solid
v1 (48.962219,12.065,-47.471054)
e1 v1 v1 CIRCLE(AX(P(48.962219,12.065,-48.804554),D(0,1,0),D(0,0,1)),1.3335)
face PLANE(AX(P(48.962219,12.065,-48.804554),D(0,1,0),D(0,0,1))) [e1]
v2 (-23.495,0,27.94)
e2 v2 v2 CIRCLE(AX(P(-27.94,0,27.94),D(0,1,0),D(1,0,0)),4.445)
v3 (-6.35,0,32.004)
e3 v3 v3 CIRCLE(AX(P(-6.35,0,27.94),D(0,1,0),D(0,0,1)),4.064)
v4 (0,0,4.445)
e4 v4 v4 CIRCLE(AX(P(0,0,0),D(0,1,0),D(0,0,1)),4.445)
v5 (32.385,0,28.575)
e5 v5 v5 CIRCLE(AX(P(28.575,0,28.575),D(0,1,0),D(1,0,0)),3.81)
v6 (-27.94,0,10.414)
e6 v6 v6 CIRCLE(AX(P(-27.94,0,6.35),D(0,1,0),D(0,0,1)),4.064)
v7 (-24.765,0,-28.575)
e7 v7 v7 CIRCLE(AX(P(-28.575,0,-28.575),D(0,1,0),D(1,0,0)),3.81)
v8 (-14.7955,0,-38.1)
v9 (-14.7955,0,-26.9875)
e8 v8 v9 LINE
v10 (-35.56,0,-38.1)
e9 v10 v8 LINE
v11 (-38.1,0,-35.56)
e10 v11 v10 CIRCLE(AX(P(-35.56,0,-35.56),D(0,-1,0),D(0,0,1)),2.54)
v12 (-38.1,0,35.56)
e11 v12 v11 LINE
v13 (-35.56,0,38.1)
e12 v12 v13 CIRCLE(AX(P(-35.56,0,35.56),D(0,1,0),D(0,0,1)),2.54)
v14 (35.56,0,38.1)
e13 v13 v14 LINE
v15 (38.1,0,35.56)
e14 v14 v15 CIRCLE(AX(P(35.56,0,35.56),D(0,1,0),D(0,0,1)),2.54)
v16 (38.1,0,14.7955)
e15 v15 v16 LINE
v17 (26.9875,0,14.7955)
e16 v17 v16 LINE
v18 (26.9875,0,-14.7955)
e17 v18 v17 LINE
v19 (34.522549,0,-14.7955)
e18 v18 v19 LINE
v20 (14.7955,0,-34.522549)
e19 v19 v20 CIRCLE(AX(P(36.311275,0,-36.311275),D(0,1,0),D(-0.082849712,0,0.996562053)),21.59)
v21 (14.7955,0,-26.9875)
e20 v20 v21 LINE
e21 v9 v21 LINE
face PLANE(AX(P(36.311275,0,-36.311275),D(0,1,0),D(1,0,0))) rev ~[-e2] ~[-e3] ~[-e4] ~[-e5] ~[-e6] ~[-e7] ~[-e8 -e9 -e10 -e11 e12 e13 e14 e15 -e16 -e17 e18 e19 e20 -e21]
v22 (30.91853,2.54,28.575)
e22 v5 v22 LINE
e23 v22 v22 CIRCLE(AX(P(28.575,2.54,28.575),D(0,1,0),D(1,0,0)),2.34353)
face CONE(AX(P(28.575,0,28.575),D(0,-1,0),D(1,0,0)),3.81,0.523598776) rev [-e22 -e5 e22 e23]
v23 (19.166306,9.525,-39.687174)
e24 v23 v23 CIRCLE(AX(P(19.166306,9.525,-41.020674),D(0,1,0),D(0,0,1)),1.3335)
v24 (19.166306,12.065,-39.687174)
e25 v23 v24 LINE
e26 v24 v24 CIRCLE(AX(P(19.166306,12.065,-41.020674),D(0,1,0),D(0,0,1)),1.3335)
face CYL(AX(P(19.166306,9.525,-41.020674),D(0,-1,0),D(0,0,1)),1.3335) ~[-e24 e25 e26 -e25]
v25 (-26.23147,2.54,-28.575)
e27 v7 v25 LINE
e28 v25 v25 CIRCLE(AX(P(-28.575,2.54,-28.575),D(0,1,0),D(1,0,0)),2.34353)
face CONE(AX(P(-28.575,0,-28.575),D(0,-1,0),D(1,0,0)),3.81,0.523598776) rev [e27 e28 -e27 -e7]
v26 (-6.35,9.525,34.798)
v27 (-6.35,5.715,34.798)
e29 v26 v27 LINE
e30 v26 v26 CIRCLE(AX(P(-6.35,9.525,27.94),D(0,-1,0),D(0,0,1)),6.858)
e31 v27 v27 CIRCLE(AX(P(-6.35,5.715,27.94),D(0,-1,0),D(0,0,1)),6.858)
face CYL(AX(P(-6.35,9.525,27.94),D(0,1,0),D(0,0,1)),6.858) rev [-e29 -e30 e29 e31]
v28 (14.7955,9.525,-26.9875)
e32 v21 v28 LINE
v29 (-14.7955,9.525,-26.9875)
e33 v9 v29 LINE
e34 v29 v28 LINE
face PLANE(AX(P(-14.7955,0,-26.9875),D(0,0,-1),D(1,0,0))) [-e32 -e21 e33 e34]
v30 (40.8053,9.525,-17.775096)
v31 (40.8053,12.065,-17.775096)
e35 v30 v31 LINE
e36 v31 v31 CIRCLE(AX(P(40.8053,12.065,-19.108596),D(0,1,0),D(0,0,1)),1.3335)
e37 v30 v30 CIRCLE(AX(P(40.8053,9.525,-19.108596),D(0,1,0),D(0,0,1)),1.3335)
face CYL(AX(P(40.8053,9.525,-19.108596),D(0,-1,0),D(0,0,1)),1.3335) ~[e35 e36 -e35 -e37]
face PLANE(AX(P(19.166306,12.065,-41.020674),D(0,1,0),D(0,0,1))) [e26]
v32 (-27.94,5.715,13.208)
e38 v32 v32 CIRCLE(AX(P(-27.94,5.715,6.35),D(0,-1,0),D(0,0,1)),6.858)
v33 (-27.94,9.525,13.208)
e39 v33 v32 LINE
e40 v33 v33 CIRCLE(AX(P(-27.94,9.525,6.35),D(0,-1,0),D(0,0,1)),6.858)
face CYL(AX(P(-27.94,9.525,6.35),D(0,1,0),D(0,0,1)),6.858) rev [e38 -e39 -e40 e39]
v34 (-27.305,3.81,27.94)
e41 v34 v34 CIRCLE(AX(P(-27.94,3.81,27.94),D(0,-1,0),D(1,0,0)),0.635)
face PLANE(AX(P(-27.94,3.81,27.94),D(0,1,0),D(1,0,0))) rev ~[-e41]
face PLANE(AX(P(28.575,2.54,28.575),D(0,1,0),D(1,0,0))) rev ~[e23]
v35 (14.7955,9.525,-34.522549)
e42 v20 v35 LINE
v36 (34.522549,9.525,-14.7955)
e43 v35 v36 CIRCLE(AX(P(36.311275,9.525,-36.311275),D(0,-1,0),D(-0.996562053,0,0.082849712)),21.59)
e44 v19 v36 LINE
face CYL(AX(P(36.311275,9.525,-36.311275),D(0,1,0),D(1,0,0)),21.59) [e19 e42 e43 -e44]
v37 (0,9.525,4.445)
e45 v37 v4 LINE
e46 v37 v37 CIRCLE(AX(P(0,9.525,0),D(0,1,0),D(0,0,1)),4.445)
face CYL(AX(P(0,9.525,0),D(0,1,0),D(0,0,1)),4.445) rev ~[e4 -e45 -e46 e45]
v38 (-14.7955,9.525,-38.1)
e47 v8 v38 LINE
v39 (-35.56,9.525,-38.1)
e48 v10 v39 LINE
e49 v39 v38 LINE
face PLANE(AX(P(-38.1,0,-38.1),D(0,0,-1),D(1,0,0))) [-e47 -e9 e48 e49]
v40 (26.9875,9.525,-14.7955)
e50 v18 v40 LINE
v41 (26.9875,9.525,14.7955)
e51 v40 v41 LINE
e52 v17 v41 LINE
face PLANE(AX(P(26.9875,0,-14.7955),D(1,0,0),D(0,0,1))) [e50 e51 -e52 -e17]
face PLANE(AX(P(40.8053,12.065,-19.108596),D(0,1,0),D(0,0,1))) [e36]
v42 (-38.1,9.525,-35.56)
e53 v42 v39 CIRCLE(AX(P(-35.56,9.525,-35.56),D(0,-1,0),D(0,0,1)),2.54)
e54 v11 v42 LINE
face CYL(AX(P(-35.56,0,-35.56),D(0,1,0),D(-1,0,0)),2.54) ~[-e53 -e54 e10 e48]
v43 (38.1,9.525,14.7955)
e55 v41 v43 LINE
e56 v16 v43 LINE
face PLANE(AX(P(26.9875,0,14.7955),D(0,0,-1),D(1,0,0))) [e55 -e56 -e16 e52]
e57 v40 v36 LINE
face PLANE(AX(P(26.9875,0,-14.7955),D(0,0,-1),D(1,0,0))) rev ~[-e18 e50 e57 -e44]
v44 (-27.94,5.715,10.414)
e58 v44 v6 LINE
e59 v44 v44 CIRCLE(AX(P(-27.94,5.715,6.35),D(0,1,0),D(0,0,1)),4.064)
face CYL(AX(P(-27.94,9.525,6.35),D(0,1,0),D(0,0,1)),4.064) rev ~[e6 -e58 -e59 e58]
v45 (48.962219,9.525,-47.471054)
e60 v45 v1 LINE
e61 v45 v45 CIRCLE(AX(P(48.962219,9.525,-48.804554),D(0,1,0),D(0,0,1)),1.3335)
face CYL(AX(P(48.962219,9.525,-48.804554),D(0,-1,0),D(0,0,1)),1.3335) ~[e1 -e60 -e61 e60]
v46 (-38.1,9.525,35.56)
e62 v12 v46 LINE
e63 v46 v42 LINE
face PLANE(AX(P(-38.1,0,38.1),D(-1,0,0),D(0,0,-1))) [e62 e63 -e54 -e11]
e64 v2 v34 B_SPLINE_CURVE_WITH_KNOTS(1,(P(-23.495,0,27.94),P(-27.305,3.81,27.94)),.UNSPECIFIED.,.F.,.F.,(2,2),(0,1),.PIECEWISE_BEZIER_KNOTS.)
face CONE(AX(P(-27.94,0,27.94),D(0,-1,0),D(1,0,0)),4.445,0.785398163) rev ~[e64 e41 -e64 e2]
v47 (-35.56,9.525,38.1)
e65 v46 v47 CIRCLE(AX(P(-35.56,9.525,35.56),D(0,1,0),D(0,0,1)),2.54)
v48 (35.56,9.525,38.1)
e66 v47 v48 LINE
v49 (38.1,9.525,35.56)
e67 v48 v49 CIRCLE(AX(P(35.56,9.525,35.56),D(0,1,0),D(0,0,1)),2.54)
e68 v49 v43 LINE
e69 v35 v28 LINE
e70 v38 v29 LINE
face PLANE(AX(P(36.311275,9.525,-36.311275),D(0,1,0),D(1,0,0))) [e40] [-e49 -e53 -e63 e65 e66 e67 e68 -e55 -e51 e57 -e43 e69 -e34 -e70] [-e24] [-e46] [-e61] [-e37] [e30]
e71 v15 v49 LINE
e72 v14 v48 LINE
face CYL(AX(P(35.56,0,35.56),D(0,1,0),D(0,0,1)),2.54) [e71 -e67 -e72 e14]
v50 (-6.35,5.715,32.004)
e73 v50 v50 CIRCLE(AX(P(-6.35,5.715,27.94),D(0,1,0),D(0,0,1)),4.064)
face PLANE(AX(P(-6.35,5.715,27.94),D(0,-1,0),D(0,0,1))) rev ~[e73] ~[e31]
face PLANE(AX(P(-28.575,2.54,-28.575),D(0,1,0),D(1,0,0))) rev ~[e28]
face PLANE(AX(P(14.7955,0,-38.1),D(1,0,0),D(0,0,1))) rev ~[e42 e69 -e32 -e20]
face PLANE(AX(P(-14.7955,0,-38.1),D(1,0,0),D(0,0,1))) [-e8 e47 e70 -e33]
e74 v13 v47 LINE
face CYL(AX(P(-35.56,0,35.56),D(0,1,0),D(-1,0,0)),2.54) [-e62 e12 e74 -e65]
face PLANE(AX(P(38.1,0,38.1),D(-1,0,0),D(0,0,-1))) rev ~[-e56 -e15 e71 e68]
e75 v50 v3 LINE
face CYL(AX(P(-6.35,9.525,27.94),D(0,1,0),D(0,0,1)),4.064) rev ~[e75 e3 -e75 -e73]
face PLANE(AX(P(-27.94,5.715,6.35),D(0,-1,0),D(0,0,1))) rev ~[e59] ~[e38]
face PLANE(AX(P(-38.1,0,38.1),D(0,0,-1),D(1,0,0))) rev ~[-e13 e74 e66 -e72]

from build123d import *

# Parameters (mm, degrees)
SKETCH1_W                    = 76.2
SKETCH1_H                    = 76.2
BOSS_EXTRUDE1_DEPTH          = 9.525
SKETCH6_R                    = 3.81
CUT_EXTRUDE2_DEPTH           = 2.54
CUT_EXTRUDE2_DRAFT           = 30
CUT_EXTRUDE2_PROFILE_2_DEPTH = 2.54
CUT_EXTRUDE2_PROFILE_2_DRAFT = 30
CUT_EXTRUDE4_REACH           = 56.717
SKETCH12_R                   = 4.064
SKETCH13_R                   = 6.858
CUT_EXTRUDE7_DEPTH           = 3.81
SKETCH7_R                    = 4.445
CUT_EXTRUDE8_DEPTH           = 3.81
CUT_EXTRUDE8_TAPER           = 45
CUT_EXTRUDE9_REACH           = 56.717
SKETCH15_R                   = 4.445
FILLET1_R                    = 2.54
CUT_EXTRUDE10_REACH          = 56.717
SKETCH16_W                   = 29.591
SKETCH16_H                   = 11.1125
SKETCH16_W_2                 = 11.1125
SKETCH16_H_2                 = 29.591
SKETCH17_R                   = 21.59
BOSS_EXTRUDE2_DEPTH          = 9.525
SKETCH18_R                   = 1.3335
BOSS_EXTRUDE3_DEPTH          = 2.54


with BuildPart() as part:
    # Sketch1 → Boss-Extrude1 (new body)
    with BuildSketch(Plane(origin=(0, 0, 0), x_dir=(1, 0, 0), z_dir=(0, 1, 0))):
        Rectangle(SKETCH1_W, SKETCH1_H)
    extrude(amount=BOSS_EXTRUDE1_DEPTH)


with BuildPart() as cut_extrude2_tool:
    # Sketch6 → Cut-Extrude2 (with draft: the straight prism first)
    with BuildSketch(Plane(origin=(0, 0, 0), x_dir=(1, 0, 0), z_dir=(0, 1, 0))):
        with Locations((-28.575, 28.575)):
            Circle(SKETCH6_R)
    extrude(amount=CUT_EXTRUDE2_DEPTH)
    # Cut-Extrude2: the draft: its side faces are tilted about the plane it starts from
    cut_extrude2_sides = [cut_extrude2_tool.faces().sort_by_distance(p)[0] for p in [
        (-32.385, 1.27, -28.575),
    ]]
    draft(cut_extrude2_sides, Plane(origin=(0, 0, 0), x_dir=(1, 0, 0), z_dir=(0, 1, 0)), CUT_EXTRUDE2_DRAFT)


with BuildPart() as part_1:
    add(part.part)

    # Cut-Extrude2: cut by cut_extrude2_tool
    add(cut_extrude2_tool.part, mode=Mode.SUBTRACT)


with BuildPart() as cut_extrude2_profile_2_tool:
    # Sketch6 → Cut-Extrude2 profile 2 (with draft: the straight prism first)
    with BuildSketch(Plane(origin=(0, 0, 0), x_dir=(1, 0, 0), z_dir=(0, 1, 0))):
        with Locations((28.575, -28.575)):
            Circle(SKETCH6_R)
    extrude(amount=CUT_EXTRUDE2_PROFILE_2_DEPTH)
    # Cut-Extrude2 profile 2: the draft: its side faces are tilted about the plane it starts from
    cut_extrude2_profile_2_sides = [cut_extrude2_profile_2_tool.faces().sort_by_distance(p)[0] for p in [
        (24.765, 1.27, 28.575),
    ]]
    draft(cut_extrude2_profile_2_sides, Plane(origin=(0, 0, 0), x_dir=(1, 0, 0), z_dir=(0, 1, 0)), CUT_EXTRUDE2_PROFILE_2_DRAFT)


with BuildPart() as part_2:
    add(part_1.part)

    # Cut-Extrude2 profile 2: cut by cut_extrude2_profile_2_tool
    add(cut_extrude2_profile_2_tool.part, mode=Mode.SUBTRACT)

    # Sketch12 → Cut-Extrude4 (cut, up to next)
    with BuildSketch(Plane(origin=(0, 9.525, 0), x_dir=(1, 0, 0), z_dir=(0, 1, 0)), mode=Mode.PRIVATE) as cut_extrude4_sk1:
        with Locations(Location((-27.94, -6.35, 0), (0, 0, 270))):
            Circle(SKETCH12_R)
    cut_extrude4_tool1 = extrude(cut_extrude4_sk1.sketch, amount=-CUT_EXTRUDE4_REACH, mode=Mode.PRIVATE) & part_2.part
    # Sketch12 → Cut-Extrude4 (cut, up to next)
    with BuildSketch(Plane(origin=(0, 9.525, 0), x_dir=(1, 0, 0), z_dir=(0, 1, 0)), mode=Mode.PRIVATE) as cut_extrude4_sk2:
        with Locations(Location((-6.35, -27.94, 0), (0, 0, 270))):
            Circle(SKETCH12_R)
    cut_extrude4_tool2 = extrude(cut_extrude4_sk2.sketch, amount=-CUT_EXTRUDE4_REACH, mode=Mode.PRIVATE) & part_2.part
    add(cut_extrude4_tool1.solids().sort_by_distance((-27.94, 9.525, 6.35))[0], mode=Mode.SUBTRACT)
    add(cut_extrude4_tool2.solids().sort_by_distance((-6.35, 9.525, 27.94))[0], mode=Mode.SUBTRACT)

    # Sketch13 → Cut-Extrude7 (cut)
    with BuildSketch(Plane.XZ.offset(-9.525)):
        with Locations(Location((-27.94, 6.35, 0), (0, 0, 90))):
            Circle(SKETCH13_R)
        with Locations(Location((-6.35, 27.94, 0), (0, 0, 90))):
            Circle(SKETCH13_R)
    extrude(amount=CUT_EXTRUDE7_DEPTH, mode=Mode.SUBTRACT)

    # Sketch7 → Cut-Extrude8 (cut)
    with BuildSketch(Plane(origin=(0, 0, 0), x_dir=(1, 0, 0), z_dir=(0, 1, 0))):
        with Locations((-27.94, -27.94)):
            Circle(SKETCH7_R)
    extrude(amount=CUT_EXTRUDE8_DEPTH, taper=CUT_EXTRUDE8_TAPER, mode=Mode.SUBTRACT)

    # Sketch15 → Cut-Extrude9 (cut, up to next)
    with BuildSketch(Plane(origin=(0, 9.525, 0), x_dir=(1, 0, 0), z_dir=(0, 1, 0)), mode=Mode.PRIVATE) as cut_extrude9_sk1:
        with Locations(Location((0, 0, 0), (0, 0, 270))):
            Circle(SKETCH15_R)
    cut_extrude9_tool1 = extrude(cut_extrude9_sk1.sketch, amount=-CUT_EXTRUDE9_REACH, mode=Mode.PRIVATE) & part_2.part
    add(cut_extrude9_tool1.solids().sort_by_distance((0, 9.525, 0))[0], mode=Mode.SUBTRACT)

    # Fillet1
    fillet1_edges = [part_2.edges().sort_by_distance(p)[0] for p in [
        (38.1, 4.7625, 38.1),
        (-38.1, 4.7625, 38.1),
        (-38.1, 4.7625, -38.1),
        (38.1, 4.7625, -38.1),
    ]]
    fillet(fillet1_edges, radius=FILLET1_R)

    # Sketch16 → Cut-Extrude10 (cut, up to next)
    with BuildSketch(Plane.XZ, mode=Mode.PRIVATE) as cut_extrude10_sk1:
        with Locations((0, -32.54375)):
            Rectangle(SKETCH16_W, SKETCH16_H)
    cut_extrude10_tool1 = extrude(cut_extrude10_sk1.sketch, amount=-CUT_EXTRUDE10_REACH, mode=Mode.PRIVATE) & part_2.part
    # Sketch16 → Cut-Extrude10 (cut, up to next)
    with BuildSketch(Plane.XZ, mode=Mode.PRIVATE) as cut_extrude10_sk2:
        with Locations((32.54375, 0)):
            Rectangle(SKETCH16_W_2, SKETCH16_H_2)
    cut_extrude10_tool2 = extrude(cut_extrude10_sk2.sketch, amount=-CUT_EXTRUDE10_REACH, mode=Mode.PRIVATE) & part_2.part
    add(cut_extrude10_tool1.solids().sort_by_distance((0, 0, -32.54375))[0], mode=Mode.SUBTRACT)
    add(cut_extrude10_tool2.solids().sort_by_distance((32.54375, 0, 0))[0], mode=Mode.SUBTRACT)

    # Sketch17 → Boss-Extrude2 (add)
    with BuildSketch(Plane(origin=(0, 9.525, 0), x_dir=(1, 0, 0), z_dir=(0, 1, 0))):
        with Locations((36.311274722, 36.311274722)):
            Circle(SKETCH17_R)
    extrude(amount=-BOSS_EXTRUDE2_DEPTH)

    # Sketch18 → Boss-Extrude3 (add)
    with BuildSketch(Plane(origin=(0, 9.525, 0), x_dir=(1, 0, 0), z_dir=(0, 1, 0))):
        with Locations(Location((19.166305808, 41.020673934, 0), (0, 0, 270))):
            Circle(SKETCH18_R)
        with Locations(Location((48.962218533, 48.804553742, 0), (0, 0, 270))):
            Circle(SKETCH18_R)
        with Locations(Location((40.805299824, 19.108596489, 0), (0, 0, 270))):
            Circle(SKETCH18_R)
    extrude(amount=BOSS_EXTRUDE3_DEPTH)


solid = part_2.part
